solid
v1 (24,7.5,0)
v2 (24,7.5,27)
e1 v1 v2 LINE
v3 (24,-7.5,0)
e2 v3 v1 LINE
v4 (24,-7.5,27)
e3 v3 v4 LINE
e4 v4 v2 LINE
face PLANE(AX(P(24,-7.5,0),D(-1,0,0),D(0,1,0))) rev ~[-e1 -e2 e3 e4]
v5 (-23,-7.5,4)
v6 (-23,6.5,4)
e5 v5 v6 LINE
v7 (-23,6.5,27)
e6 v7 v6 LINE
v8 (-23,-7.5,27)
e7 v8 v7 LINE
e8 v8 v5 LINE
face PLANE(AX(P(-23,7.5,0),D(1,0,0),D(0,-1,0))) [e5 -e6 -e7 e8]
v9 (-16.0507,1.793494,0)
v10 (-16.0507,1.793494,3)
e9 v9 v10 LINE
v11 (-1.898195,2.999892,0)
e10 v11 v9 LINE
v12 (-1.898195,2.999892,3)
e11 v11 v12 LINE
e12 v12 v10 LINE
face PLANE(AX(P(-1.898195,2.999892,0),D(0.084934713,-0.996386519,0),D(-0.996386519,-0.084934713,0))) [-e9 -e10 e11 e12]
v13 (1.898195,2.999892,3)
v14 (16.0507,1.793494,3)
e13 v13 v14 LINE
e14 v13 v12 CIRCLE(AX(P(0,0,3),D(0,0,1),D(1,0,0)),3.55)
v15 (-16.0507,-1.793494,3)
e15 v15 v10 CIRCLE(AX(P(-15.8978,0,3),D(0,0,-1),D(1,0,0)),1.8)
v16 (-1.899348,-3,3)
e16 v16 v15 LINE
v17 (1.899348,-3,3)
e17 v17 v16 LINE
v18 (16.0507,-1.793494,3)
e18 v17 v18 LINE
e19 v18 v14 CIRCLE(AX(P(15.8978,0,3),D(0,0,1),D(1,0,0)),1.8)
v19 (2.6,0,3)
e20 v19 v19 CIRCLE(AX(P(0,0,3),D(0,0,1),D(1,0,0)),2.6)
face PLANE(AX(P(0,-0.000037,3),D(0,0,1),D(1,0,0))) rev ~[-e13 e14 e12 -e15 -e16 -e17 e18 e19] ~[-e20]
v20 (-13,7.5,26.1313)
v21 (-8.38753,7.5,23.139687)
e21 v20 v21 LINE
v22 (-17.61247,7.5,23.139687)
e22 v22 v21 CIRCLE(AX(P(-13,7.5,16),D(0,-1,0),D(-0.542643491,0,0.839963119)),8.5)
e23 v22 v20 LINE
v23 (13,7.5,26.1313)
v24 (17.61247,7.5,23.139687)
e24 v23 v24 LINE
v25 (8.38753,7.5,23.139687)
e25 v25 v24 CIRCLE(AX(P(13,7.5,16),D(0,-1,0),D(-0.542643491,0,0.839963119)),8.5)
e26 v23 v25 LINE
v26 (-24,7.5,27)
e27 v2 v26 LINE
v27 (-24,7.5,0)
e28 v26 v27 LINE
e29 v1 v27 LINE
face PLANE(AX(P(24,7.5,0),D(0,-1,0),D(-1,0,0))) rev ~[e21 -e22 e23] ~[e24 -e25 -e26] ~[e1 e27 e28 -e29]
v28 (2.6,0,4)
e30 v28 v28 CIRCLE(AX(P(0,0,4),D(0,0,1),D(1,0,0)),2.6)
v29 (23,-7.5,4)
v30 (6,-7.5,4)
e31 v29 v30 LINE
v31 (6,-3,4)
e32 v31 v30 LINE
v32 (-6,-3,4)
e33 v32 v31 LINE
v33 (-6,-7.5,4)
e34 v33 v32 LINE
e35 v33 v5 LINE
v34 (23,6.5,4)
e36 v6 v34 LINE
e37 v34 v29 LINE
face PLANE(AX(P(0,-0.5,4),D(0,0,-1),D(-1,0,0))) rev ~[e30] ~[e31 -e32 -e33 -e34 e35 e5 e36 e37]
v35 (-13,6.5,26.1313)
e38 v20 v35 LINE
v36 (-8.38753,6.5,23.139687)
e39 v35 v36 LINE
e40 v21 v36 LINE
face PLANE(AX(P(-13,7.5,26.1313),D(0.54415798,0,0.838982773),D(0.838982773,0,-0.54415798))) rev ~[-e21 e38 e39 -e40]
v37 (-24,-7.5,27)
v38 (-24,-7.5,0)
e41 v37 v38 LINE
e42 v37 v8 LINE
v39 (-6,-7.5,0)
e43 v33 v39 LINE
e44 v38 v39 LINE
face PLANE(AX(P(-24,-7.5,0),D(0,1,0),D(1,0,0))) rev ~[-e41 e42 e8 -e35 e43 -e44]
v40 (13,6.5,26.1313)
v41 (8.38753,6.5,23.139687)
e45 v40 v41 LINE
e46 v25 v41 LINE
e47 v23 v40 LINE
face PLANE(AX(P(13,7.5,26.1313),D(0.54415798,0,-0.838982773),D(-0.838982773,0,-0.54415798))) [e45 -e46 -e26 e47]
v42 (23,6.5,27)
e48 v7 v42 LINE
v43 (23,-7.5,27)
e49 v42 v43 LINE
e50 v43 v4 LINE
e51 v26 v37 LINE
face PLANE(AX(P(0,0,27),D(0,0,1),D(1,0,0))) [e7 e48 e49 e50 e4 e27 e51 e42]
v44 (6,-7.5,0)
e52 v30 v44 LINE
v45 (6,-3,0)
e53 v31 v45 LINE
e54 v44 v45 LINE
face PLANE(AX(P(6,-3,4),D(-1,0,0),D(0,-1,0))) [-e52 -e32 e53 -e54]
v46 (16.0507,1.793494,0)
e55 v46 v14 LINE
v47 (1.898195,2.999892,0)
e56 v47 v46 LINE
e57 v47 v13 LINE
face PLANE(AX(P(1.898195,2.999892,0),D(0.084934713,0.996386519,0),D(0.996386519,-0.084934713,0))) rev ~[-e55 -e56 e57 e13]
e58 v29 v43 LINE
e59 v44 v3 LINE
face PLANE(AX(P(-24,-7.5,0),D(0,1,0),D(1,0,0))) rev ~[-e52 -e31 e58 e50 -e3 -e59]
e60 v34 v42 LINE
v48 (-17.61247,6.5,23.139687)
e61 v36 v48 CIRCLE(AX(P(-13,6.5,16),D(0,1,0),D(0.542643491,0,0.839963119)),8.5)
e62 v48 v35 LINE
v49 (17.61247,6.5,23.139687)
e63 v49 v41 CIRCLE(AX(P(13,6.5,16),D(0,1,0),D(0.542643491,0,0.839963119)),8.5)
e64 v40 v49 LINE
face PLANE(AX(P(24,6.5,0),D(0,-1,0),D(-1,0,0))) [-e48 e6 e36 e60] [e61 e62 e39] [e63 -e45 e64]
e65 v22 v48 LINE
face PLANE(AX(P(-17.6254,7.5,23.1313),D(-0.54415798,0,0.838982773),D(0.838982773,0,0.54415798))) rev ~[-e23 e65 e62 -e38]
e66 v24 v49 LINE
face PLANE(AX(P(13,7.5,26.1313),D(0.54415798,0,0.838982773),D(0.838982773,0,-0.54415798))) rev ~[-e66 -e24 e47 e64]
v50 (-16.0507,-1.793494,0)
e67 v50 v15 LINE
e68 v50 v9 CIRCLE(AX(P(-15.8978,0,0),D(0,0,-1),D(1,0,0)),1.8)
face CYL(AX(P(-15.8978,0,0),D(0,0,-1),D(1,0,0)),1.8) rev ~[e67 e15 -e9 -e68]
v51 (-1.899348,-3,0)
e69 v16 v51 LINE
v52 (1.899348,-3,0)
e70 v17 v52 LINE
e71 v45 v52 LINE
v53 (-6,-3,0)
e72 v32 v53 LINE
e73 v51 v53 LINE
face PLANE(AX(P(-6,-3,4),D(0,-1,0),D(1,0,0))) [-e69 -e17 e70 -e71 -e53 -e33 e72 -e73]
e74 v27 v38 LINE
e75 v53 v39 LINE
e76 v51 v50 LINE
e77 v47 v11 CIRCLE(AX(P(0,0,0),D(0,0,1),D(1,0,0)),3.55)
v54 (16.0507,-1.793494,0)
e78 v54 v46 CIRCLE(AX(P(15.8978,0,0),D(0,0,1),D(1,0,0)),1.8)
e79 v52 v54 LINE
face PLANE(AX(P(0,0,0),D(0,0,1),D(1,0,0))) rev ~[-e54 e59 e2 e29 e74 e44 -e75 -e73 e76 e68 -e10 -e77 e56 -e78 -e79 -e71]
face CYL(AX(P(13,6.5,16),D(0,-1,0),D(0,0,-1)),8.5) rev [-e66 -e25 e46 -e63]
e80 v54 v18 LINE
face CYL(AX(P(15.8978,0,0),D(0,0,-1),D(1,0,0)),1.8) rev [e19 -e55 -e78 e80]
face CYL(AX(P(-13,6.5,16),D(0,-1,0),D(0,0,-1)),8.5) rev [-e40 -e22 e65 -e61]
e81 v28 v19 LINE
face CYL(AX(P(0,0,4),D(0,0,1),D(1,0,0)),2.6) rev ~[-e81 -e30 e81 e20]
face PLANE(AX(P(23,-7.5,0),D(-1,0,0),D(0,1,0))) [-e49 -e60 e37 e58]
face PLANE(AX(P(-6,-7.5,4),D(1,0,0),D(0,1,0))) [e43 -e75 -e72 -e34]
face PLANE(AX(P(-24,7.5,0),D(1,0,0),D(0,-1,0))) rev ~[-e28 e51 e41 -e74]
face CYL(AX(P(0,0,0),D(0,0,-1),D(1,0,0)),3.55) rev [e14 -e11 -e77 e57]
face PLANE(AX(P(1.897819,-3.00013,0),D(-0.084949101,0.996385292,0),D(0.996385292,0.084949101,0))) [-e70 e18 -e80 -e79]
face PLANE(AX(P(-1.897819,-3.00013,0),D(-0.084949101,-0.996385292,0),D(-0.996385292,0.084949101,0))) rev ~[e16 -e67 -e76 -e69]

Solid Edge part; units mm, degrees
sketch "Sketch1" plane through (0, 0, 0) normal (0, 0, 1) x (1, 0, 0)
  line L0 (-24, -7.5) -> (24, -7.5)
  line L1 (24, -7.5) -> (24, 7.5)
  line L2 (24, 7.5) -> (-24, 7.5)
  line L3 (-24, 7.5) -> (-24, -7.5)
  dimension "D1" = 48
  dimension "D2" = 15
extrude "Protrusion1" add sketch "Sketch1" along normal blind 5
sketch "Sketch2" plane through (0, 0, 5) normal (0, 0, 1) x (1, 0, 0)
  line L0 (-24, -7.5) -> (24, -7.5)
  line L1 (24, -7.5) -> (24, 7.5)
  line L2 (24, 7.5) -> (-24, 7.5)
  line L3 (-24, 7.5) -> (-24, -7.5)
extrude "ProtrusiónExtruida_5" add sketch "Sketch2" along normal blind 22
shell "Espesor_3" thickness 1 removed faces 2 at (-16.48, -7.5, 22.23) at (-16.48, -4.85, 27)
sketch "Sketch3" plane through (0, -0.5, 1) normal (0, 0, 1) x (1, 0, 0)
  line L0 (-23, -7) -> (-23, 7)
  line L1 (-23, 7) -> (23, 7)
  line L2 (23, 7) -> (23, -7)
  line L3 (23, -7) -> (-23, -7)
extrude "ProtrusiónExtruida_6" add sketch "Sketch3" along normal blind 3
sketch "Sketch4" plane through (0, 0, 0) normal (0, 0, -1) x (1, 0, 0)
  arc A0 (-1.8978, 3.0001) -> (1.8978, 3.0001) centre (0, 0) cw
  line L0 (1.8978, 3.0001) -> (16.0507, 1.7935)
  arc A1 (16.0507, 1.7935) -> (16.0507, -1.7935) centre (15.8978, 0) cw
  line L1 (1.8982, -2.9999) -> (16.0507, -1.7935)
  arc A2 (1.8982, -2.9999) -> (-1.8982, -2.9999) centre (0, 0) cw
  line L2 (-1.8982, -2.9999) -> (-16.0507, -1.7935)
  arc A3 (-16.0507, 1.7935) -> (-16.0507, -1.7935) centre (-15.8978, 0) ccw
  line L3 (-1.8978, 3.0001) -> (-16.0507, 1.7935)
  dimension "D1" = 1.8
  dimension "D2" = 0.0004
  dimension "D3" = 7.1
  dimension "D4" = 6
  dimension "D5" = 1.8
  dimension "D6" = 14
  dimension "D7" = 14
extrude "VaciadoExtruido_1" cut sketch "Sketch4" against normal blind 3
hole "Agujero_2" at (0, 0, 4) direction (0, 0, -1) diameter 2.1 end up to next
sketch "Sketch5" plane through (0, -0.5, 4) normal (0, 0, 1) x (1, 0, 0)
  circle A0 centre (0, 0.5) radius 2.6
  dimension "D1" = 5.2
extrude "VaciadoExtruido_4" cut sketch "Sketch5" against normal blind 1.4
sketch "Sketch6" plane through (0, -0.5, 4) normal (0, 0, 1) x (1, 0, 0)
  line L0 (-6, -7) -> (-6, -2.5)
  line L1 (-6, -2.5) -> (6, -2.5)
  line L2 (6, -2.5) -> (6, -7)
  line L3 (6, -7) -> (-6, -7)
  dimension "D1" = 4.5
  dimension "D2" = 12
extrude "Cutout1" cut sketch "Sketch6" against normal up to next
hole "Agujero_3" at (13, 6.5, 16) direction (0, 1, 0) diameter 17 end up to next
hole "Hole1" at (-13, 6.5, 16) direction (0, 1, 0) diameter 17 end up to next
sketch "Sketch7" plane through (0, 7.5, 13.5) normal (0, 1, 0) x (-1, 0, 0)
  line L0 (-13, 12.6313) -> (-8.3746, 9.6313)
  line L1 (-17.6254, 9.6313) -> (-8.3746, 9.6313)
  line L2 (-13, 12.6313) -> (-17.6254, 9.6313)
  line L3 (13, 12.6313) -> (8.3746, 9.6313)
  line L4 (8.3746, 9.6313) -> (17.6254, 9.6313)
  line L5 (17.6254, 9.6313) -> (13, 12.6313)
  dimension "D1" = 3
extrude "Cutout2" cut sketch "Sketch7" against normal up to next
